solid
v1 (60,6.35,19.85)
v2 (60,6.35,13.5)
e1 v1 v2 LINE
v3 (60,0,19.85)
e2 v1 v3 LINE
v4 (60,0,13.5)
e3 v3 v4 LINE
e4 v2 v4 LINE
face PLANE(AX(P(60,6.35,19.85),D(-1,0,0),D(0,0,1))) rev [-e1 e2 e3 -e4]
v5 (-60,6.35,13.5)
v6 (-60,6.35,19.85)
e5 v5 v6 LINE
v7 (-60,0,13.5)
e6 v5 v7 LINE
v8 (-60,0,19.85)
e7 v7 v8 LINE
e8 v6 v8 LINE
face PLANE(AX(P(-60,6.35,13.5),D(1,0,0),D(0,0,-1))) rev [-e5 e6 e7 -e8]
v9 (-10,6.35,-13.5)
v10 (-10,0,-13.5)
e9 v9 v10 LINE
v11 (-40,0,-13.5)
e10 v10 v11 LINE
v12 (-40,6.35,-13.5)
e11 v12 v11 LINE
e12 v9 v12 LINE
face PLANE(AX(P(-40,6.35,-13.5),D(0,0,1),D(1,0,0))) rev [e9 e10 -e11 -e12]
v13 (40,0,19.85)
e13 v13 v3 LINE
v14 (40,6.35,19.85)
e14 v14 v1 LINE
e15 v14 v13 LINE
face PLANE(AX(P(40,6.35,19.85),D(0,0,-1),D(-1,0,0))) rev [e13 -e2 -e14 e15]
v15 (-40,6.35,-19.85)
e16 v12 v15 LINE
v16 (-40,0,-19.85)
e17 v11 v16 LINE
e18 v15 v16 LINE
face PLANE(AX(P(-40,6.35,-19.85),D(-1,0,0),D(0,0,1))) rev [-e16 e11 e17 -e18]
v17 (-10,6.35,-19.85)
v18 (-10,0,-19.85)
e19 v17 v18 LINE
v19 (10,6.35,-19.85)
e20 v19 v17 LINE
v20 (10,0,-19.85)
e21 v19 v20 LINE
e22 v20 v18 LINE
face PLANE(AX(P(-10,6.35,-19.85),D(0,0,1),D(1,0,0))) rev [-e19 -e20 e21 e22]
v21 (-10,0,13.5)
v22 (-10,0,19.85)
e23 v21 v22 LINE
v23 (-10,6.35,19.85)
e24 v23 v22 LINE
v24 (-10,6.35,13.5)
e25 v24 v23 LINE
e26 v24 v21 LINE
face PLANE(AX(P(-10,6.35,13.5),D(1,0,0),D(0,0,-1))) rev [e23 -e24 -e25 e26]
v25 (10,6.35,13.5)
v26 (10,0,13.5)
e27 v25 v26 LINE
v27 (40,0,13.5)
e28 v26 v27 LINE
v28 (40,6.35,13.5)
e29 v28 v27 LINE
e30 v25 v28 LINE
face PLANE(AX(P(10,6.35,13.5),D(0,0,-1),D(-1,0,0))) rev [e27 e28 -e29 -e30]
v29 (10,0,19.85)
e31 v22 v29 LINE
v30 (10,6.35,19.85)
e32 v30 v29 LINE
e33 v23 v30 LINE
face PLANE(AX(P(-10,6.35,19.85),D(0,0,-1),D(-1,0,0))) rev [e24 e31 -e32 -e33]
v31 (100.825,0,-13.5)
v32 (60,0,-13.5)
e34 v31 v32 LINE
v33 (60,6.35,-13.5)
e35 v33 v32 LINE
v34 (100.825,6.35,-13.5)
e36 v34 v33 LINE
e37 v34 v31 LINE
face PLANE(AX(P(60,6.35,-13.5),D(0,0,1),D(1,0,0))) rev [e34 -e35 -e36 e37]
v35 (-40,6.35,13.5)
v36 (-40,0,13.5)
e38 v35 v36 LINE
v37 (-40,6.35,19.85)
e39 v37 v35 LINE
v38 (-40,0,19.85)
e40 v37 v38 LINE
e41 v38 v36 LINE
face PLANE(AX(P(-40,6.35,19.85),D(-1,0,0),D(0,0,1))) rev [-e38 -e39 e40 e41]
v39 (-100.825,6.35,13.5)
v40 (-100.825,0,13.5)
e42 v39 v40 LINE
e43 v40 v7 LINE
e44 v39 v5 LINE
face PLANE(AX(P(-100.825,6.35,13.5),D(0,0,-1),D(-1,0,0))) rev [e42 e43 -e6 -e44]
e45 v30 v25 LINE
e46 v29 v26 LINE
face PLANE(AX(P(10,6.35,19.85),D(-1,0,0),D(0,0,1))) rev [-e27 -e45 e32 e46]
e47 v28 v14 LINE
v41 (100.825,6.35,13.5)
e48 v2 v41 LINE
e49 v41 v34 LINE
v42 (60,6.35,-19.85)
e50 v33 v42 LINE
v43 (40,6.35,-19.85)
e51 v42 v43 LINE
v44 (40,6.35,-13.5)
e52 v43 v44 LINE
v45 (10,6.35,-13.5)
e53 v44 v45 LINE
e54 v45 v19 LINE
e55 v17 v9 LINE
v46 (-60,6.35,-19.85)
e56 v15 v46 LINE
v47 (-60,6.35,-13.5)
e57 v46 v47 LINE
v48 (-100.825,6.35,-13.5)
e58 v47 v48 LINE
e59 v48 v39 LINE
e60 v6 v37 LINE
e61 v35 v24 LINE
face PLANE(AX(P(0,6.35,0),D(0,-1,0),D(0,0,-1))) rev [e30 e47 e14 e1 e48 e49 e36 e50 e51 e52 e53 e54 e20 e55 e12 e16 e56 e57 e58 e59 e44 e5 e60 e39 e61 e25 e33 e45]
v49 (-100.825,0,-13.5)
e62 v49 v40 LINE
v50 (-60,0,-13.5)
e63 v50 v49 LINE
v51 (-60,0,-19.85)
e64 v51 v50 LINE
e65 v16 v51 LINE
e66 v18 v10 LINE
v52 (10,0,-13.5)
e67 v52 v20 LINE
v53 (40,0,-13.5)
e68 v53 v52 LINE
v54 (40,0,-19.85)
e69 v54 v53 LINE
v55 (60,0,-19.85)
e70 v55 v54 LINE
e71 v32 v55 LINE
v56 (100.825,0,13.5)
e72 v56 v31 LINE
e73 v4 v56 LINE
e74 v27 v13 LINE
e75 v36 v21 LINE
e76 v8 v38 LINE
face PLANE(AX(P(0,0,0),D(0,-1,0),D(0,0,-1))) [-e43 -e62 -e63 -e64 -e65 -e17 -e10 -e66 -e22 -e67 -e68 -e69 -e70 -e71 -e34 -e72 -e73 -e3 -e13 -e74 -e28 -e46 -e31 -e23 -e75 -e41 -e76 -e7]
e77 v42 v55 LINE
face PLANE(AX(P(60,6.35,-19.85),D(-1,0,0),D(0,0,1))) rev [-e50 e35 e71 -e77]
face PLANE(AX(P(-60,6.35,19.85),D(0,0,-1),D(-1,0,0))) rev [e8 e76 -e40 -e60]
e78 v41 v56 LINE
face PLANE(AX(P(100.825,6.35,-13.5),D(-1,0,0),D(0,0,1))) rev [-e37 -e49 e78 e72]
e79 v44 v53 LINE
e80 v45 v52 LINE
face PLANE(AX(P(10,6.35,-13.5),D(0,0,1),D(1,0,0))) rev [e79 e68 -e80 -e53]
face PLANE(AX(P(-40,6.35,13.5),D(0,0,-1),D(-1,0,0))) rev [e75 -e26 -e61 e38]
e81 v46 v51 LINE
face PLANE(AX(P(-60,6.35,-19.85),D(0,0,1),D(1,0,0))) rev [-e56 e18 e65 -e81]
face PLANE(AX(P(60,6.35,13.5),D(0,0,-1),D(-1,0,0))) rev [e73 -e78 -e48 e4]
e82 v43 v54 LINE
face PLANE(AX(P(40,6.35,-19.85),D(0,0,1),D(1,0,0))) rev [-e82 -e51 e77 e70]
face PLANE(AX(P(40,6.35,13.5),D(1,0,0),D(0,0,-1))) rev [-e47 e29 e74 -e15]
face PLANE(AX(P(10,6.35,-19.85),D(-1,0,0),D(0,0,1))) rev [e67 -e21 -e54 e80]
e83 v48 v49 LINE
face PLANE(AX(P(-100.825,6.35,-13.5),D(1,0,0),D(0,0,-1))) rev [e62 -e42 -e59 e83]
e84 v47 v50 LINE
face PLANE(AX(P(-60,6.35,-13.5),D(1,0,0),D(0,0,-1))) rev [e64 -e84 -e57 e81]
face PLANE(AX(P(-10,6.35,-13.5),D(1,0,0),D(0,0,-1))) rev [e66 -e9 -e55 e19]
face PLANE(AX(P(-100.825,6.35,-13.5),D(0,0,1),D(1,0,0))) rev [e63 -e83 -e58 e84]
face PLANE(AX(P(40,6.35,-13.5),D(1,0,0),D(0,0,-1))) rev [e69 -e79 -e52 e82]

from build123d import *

# Parameters (mm, degrees)
BOSS_EXTRUDE1_DEPTH = 6.35


with BuildPart() as part:
    # Sketch1 → Boss-Extrude1 (new body)
    with BuildSketch(Plane(origin=(0, 0, 0), x_dir=(1, 0, 0), z_dir=(0, 1, 0))):
        Polygon((-100.825, 13.5), (-60, 13.5), (-60, 19.85), (-40, 19.85), (-40, 13.5), (-10, 13.5), (-10, 19.85), (10, 19.85), (10, 13.5), (40, 13.5), (40, 19.85), (60, 19.85), (60, 13.5), (100.825, 13.5), (100.825, -13.5), (60, -13.5), (60, -19.85), (40, -19.85), (40, -13.5), (10, -13.5), (10, -19.85), (-10, -19.85), (-10, -13.5), (-40, -13.5), (-40, -19.85), (-60, -19.85), (-60, -13.5), (-100.825, -13.5), align=None)
    extrude(amount=BOSS_EXTRUDE1_DEPTH)


solid = part.part
